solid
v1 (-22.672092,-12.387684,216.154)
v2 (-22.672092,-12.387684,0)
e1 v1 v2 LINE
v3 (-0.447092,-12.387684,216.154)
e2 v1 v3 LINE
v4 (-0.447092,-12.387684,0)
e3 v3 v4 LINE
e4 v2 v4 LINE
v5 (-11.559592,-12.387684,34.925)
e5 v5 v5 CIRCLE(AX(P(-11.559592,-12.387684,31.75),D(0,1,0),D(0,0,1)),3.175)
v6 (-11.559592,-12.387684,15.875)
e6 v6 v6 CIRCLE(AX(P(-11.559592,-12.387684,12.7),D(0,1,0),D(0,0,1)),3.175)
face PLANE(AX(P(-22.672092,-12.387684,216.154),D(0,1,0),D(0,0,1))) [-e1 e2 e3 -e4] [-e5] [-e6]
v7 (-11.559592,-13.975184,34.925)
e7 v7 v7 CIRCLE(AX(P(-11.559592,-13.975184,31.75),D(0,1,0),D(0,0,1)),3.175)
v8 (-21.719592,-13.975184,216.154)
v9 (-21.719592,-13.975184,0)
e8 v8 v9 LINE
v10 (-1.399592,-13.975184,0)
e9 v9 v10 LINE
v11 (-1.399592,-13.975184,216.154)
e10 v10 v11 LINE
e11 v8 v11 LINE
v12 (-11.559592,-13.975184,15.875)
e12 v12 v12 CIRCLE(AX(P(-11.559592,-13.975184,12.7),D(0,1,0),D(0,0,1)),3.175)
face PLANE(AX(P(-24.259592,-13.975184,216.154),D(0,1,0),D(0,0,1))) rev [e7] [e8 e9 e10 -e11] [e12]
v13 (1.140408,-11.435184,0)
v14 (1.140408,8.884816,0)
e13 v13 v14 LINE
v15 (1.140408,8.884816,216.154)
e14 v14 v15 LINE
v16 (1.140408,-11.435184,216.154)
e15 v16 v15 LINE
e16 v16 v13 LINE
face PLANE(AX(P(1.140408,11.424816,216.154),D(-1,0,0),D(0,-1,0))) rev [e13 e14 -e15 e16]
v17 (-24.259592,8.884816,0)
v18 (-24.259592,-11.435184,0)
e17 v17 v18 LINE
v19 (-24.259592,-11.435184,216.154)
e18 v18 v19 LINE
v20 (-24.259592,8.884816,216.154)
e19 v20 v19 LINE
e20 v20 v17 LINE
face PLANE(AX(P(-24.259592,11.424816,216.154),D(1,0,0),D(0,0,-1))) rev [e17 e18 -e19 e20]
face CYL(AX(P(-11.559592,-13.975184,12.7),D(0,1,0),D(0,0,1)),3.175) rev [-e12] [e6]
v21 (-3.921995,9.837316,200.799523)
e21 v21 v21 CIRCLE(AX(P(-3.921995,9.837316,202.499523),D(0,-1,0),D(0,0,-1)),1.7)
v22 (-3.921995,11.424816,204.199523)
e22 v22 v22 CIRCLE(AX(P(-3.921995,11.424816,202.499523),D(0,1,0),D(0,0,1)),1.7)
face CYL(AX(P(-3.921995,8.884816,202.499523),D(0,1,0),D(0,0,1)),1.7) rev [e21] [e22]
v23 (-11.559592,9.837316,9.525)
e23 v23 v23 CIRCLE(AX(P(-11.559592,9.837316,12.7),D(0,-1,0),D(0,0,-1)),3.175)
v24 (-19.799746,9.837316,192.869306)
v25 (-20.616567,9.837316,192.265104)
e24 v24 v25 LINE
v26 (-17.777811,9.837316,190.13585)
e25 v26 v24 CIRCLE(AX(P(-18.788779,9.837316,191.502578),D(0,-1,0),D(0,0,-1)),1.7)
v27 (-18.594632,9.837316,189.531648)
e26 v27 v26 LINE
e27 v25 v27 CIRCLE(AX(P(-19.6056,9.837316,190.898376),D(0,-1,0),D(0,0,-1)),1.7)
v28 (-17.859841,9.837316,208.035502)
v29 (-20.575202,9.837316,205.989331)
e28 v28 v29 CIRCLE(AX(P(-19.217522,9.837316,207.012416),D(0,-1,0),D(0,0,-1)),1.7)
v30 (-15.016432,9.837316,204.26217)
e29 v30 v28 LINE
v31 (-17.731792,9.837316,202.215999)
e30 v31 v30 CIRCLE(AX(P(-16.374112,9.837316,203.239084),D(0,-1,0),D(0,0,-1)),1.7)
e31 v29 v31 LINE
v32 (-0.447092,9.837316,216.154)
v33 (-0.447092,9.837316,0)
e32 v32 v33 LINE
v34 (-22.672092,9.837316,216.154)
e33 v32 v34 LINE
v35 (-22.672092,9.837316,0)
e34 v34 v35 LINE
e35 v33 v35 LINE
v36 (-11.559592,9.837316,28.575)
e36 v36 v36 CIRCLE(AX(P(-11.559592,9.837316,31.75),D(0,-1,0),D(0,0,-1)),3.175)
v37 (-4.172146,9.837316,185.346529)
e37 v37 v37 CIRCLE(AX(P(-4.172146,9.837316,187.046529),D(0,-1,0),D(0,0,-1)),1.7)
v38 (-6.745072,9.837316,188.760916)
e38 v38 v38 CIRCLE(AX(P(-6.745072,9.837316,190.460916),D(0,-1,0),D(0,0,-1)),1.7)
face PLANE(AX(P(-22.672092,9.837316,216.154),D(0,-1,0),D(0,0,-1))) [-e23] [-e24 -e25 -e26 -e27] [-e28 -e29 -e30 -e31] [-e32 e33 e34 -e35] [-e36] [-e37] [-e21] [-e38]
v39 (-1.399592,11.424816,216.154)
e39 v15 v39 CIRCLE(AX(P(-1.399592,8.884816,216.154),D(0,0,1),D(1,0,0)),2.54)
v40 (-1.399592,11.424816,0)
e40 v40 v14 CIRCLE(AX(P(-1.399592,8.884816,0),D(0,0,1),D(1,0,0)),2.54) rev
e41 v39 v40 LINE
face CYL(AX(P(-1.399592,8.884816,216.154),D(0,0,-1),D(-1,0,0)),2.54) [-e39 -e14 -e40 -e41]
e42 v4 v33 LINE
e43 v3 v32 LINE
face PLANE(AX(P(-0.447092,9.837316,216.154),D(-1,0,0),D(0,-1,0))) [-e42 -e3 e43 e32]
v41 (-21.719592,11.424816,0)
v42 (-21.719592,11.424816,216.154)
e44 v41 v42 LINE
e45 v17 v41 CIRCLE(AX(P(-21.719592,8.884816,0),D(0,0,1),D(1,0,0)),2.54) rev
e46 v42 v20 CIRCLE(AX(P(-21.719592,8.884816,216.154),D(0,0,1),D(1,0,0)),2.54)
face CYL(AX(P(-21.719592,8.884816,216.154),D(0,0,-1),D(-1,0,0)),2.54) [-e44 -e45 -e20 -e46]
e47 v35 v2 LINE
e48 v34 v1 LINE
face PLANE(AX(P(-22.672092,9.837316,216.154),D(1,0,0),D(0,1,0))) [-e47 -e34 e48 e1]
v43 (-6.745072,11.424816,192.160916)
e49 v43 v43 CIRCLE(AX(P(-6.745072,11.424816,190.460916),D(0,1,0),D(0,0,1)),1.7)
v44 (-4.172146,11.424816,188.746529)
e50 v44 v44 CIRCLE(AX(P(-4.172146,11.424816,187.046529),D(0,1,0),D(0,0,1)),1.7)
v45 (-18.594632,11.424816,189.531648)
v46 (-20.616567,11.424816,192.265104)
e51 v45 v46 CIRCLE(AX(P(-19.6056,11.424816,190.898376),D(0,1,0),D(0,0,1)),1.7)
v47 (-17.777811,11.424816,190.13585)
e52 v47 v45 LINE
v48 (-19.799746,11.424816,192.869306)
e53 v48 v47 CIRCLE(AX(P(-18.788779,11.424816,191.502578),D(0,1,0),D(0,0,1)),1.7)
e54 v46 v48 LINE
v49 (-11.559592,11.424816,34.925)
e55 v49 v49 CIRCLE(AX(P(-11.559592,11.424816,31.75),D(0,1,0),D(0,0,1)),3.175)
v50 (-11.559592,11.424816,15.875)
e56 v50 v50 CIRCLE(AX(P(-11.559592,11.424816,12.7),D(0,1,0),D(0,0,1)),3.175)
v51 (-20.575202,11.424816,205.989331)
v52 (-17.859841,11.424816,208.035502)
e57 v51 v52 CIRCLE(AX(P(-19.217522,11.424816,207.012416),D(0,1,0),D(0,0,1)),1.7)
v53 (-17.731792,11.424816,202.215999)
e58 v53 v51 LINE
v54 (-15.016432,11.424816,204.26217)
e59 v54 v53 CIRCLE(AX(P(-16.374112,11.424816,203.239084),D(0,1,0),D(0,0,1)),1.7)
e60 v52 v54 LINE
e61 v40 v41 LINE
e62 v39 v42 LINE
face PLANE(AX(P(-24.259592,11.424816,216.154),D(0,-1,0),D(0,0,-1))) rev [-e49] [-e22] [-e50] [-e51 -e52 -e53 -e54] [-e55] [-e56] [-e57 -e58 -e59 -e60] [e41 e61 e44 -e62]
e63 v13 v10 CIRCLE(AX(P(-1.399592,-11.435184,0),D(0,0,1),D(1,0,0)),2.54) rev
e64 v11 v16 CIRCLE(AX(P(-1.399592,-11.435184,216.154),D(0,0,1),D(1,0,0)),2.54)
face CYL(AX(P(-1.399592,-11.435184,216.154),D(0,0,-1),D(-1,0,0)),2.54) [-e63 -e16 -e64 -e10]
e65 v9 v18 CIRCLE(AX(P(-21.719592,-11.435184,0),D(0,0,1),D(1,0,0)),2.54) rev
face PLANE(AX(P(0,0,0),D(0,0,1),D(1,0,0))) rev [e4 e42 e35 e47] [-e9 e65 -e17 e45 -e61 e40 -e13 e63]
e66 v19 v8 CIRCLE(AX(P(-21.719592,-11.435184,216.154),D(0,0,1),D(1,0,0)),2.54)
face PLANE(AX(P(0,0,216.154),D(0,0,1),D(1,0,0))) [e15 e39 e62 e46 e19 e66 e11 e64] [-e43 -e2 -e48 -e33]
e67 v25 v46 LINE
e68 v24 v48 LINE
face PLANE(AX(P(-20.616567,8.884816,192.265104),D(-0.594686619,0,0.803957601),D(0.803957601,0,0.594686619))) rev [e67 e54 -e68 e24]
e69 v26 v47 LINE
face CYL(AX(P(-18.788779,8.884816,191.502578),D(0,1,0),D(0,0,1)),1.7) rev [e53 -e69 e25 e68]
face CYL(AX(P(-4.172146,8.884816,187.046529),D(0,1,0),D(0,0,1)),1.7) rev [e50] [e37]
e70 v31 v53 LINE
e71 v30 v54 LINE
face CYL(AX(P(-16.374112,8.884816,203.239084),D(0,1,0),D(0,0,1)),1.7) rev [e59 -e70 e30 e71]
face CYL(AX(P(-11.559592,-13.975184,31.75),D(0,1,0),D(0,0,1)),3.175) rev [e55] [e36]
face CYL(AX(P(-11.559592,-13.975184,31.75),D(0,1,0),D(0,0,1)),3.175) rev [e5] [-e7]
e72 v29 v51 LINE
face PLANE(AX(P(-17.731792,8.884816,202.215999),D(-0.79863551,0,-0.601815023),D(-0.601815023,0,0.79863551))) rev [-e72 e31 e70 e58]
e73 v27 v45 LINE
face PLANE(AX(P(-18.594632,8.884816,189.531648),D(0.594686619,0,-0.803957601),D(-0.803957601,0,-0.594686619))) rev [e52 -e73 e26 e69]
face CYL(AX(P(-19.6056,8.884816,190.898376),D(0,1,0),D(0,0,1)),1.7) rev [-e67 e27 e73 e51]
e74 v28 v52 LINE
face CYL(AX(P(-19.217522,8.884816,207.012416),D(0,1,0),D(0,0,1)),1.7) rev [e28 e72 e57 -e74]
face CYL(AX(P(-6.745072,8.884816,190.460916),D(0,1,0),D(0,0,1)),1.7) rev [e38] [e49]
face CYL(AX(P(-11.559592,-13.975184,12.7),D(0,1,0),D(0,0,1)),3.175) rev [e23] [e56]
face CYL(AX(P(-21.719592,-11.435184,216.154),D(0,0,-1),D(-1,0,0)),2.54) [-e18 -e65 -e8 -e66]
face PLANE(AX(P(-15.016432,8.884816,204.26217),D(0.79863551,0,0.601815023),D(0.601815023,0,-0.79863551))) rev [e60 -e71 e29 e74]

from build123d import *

# Parameters (mm, degrees)
SKETCH1_W           = 25.4
SKETCH1_H           = 25.4
SKETCH1_W_2         = 22.225
SKETCH1_H_2         = 22.225
BOSS_EXTRUDE1_DEPTH = 216.154
FILLET1_R           = 2.54
SKETCH2_R           = 3.175
CUT_EXTRUDE1_DEPTH  = 219.989131036
SKETCH3_R           = 1.7
CUT_EXTRUDE2_DEPTH  = 2.54


with BuildPart() as part:
    # Sketch1 → Boss-Extrude1 (new body)
    with BuildSketch(Plane.XY):
        with Locations((-11.559591837, -1.275183673)):
            Rectangle(SKETCH1_W, SKETCH1_H)
        with Locations((-11.559591837, -1.275183673)):
            Rectangle(SKETCH1_W_2, SKETCH1_H_2, mode=Mode.SUBTRACT)
    extrude(amount=BOSS_EXTRUDE1_DEPTH)

    # Fillet1
    fillet1_edges = [part.edges().sort_by_distance(p)[0] for p in [
        (-24.259591837, 11.424816327, 108.077),
        (1.140408163, 11.424816327, 108.077),
        (1.140408163, -13.975183673, 108.077),
        (-24.259591837, -13.975183673, 108.077),
    ]]
    fillet(fillet1_edges, radius=FILLET1_R)

    # Sketch2 → Cut-Extrude1 (cut, through all)
    with BuildSketch(Plane(origin=(0, 11.424816327, 0), x_dir=(1, 0, 0), z_dir=(0, 1, 0))):
        with Locations(Location((-11.559591837, -12.7, 0), (0, 0, 270))):
            Circle(SKETCH2_R)
        with Locations(Location((-11.559591837, -31.75, 0), (0, 0, 270))):
            Circle(SKETCH2_R)
    extrude(amount=-CUT_EXTRUDE1_DEPTH, mode=Mode.SUBTRACT)

    # Sketch3 → Cut-Extrude2 (cut)
    with BuildSketch(Plane(origin=(0, 11.424816327, 0), x_dir=(1, 0, 0), z_dir=(0, 1, 0))):
        with Locations(Location((-6.745071652, -190.46091592, 0), (0, 0, 270))):
            Circle(SKETCH3_R)
        with Locations(Location((-4.172146269, -187.046528614, 0), (0, 0, 270))):
            Circle(SKETCH3_R)
        with Locations(Location((-3.921994623, -202.499522883, 0), (0, 0, 270))):
            Circle(SKETCH3_R)
        with BuildLine():
            Line((-15.016431655, -204.26216962), (-17.859841481, -208.035501905))
            ThreePointArc((-17.859841481, -208.035501905), (-20.240607387, -208.370096733), (-20.575202215, -205.989330826))
            Line((-20.575202215, -205.989330826), (-17.731792389, -202.215998541))
            ThreePointArc((-17.731792389, -202.215998541), (-15.351026483, -201.881403713), (-15.016431655, -204.26216962))
        make_face()
        with BuildLine():
            Line((-18.594632259, -189.531648392), (-17.777811336, -190.135849998))
            ThreePointArc((-17.777811336, -190.135849998), (-17.422050667, -192.513545173), (-19.799745842, -192.869305842))
            Line((-19.799745842, -192.869305842), (-20.616566765, -192.265104237))
            ThreePointArc((-20.616566765, -192.265104237), (-20.972327435, -189.887409062), (-18.594632259, -189.531648392))
        make_face()
    extrude(amount=-CUT_EXTRUDE2_DEPTH, mode=Mode.SUBTRACT)


solid = part.part
